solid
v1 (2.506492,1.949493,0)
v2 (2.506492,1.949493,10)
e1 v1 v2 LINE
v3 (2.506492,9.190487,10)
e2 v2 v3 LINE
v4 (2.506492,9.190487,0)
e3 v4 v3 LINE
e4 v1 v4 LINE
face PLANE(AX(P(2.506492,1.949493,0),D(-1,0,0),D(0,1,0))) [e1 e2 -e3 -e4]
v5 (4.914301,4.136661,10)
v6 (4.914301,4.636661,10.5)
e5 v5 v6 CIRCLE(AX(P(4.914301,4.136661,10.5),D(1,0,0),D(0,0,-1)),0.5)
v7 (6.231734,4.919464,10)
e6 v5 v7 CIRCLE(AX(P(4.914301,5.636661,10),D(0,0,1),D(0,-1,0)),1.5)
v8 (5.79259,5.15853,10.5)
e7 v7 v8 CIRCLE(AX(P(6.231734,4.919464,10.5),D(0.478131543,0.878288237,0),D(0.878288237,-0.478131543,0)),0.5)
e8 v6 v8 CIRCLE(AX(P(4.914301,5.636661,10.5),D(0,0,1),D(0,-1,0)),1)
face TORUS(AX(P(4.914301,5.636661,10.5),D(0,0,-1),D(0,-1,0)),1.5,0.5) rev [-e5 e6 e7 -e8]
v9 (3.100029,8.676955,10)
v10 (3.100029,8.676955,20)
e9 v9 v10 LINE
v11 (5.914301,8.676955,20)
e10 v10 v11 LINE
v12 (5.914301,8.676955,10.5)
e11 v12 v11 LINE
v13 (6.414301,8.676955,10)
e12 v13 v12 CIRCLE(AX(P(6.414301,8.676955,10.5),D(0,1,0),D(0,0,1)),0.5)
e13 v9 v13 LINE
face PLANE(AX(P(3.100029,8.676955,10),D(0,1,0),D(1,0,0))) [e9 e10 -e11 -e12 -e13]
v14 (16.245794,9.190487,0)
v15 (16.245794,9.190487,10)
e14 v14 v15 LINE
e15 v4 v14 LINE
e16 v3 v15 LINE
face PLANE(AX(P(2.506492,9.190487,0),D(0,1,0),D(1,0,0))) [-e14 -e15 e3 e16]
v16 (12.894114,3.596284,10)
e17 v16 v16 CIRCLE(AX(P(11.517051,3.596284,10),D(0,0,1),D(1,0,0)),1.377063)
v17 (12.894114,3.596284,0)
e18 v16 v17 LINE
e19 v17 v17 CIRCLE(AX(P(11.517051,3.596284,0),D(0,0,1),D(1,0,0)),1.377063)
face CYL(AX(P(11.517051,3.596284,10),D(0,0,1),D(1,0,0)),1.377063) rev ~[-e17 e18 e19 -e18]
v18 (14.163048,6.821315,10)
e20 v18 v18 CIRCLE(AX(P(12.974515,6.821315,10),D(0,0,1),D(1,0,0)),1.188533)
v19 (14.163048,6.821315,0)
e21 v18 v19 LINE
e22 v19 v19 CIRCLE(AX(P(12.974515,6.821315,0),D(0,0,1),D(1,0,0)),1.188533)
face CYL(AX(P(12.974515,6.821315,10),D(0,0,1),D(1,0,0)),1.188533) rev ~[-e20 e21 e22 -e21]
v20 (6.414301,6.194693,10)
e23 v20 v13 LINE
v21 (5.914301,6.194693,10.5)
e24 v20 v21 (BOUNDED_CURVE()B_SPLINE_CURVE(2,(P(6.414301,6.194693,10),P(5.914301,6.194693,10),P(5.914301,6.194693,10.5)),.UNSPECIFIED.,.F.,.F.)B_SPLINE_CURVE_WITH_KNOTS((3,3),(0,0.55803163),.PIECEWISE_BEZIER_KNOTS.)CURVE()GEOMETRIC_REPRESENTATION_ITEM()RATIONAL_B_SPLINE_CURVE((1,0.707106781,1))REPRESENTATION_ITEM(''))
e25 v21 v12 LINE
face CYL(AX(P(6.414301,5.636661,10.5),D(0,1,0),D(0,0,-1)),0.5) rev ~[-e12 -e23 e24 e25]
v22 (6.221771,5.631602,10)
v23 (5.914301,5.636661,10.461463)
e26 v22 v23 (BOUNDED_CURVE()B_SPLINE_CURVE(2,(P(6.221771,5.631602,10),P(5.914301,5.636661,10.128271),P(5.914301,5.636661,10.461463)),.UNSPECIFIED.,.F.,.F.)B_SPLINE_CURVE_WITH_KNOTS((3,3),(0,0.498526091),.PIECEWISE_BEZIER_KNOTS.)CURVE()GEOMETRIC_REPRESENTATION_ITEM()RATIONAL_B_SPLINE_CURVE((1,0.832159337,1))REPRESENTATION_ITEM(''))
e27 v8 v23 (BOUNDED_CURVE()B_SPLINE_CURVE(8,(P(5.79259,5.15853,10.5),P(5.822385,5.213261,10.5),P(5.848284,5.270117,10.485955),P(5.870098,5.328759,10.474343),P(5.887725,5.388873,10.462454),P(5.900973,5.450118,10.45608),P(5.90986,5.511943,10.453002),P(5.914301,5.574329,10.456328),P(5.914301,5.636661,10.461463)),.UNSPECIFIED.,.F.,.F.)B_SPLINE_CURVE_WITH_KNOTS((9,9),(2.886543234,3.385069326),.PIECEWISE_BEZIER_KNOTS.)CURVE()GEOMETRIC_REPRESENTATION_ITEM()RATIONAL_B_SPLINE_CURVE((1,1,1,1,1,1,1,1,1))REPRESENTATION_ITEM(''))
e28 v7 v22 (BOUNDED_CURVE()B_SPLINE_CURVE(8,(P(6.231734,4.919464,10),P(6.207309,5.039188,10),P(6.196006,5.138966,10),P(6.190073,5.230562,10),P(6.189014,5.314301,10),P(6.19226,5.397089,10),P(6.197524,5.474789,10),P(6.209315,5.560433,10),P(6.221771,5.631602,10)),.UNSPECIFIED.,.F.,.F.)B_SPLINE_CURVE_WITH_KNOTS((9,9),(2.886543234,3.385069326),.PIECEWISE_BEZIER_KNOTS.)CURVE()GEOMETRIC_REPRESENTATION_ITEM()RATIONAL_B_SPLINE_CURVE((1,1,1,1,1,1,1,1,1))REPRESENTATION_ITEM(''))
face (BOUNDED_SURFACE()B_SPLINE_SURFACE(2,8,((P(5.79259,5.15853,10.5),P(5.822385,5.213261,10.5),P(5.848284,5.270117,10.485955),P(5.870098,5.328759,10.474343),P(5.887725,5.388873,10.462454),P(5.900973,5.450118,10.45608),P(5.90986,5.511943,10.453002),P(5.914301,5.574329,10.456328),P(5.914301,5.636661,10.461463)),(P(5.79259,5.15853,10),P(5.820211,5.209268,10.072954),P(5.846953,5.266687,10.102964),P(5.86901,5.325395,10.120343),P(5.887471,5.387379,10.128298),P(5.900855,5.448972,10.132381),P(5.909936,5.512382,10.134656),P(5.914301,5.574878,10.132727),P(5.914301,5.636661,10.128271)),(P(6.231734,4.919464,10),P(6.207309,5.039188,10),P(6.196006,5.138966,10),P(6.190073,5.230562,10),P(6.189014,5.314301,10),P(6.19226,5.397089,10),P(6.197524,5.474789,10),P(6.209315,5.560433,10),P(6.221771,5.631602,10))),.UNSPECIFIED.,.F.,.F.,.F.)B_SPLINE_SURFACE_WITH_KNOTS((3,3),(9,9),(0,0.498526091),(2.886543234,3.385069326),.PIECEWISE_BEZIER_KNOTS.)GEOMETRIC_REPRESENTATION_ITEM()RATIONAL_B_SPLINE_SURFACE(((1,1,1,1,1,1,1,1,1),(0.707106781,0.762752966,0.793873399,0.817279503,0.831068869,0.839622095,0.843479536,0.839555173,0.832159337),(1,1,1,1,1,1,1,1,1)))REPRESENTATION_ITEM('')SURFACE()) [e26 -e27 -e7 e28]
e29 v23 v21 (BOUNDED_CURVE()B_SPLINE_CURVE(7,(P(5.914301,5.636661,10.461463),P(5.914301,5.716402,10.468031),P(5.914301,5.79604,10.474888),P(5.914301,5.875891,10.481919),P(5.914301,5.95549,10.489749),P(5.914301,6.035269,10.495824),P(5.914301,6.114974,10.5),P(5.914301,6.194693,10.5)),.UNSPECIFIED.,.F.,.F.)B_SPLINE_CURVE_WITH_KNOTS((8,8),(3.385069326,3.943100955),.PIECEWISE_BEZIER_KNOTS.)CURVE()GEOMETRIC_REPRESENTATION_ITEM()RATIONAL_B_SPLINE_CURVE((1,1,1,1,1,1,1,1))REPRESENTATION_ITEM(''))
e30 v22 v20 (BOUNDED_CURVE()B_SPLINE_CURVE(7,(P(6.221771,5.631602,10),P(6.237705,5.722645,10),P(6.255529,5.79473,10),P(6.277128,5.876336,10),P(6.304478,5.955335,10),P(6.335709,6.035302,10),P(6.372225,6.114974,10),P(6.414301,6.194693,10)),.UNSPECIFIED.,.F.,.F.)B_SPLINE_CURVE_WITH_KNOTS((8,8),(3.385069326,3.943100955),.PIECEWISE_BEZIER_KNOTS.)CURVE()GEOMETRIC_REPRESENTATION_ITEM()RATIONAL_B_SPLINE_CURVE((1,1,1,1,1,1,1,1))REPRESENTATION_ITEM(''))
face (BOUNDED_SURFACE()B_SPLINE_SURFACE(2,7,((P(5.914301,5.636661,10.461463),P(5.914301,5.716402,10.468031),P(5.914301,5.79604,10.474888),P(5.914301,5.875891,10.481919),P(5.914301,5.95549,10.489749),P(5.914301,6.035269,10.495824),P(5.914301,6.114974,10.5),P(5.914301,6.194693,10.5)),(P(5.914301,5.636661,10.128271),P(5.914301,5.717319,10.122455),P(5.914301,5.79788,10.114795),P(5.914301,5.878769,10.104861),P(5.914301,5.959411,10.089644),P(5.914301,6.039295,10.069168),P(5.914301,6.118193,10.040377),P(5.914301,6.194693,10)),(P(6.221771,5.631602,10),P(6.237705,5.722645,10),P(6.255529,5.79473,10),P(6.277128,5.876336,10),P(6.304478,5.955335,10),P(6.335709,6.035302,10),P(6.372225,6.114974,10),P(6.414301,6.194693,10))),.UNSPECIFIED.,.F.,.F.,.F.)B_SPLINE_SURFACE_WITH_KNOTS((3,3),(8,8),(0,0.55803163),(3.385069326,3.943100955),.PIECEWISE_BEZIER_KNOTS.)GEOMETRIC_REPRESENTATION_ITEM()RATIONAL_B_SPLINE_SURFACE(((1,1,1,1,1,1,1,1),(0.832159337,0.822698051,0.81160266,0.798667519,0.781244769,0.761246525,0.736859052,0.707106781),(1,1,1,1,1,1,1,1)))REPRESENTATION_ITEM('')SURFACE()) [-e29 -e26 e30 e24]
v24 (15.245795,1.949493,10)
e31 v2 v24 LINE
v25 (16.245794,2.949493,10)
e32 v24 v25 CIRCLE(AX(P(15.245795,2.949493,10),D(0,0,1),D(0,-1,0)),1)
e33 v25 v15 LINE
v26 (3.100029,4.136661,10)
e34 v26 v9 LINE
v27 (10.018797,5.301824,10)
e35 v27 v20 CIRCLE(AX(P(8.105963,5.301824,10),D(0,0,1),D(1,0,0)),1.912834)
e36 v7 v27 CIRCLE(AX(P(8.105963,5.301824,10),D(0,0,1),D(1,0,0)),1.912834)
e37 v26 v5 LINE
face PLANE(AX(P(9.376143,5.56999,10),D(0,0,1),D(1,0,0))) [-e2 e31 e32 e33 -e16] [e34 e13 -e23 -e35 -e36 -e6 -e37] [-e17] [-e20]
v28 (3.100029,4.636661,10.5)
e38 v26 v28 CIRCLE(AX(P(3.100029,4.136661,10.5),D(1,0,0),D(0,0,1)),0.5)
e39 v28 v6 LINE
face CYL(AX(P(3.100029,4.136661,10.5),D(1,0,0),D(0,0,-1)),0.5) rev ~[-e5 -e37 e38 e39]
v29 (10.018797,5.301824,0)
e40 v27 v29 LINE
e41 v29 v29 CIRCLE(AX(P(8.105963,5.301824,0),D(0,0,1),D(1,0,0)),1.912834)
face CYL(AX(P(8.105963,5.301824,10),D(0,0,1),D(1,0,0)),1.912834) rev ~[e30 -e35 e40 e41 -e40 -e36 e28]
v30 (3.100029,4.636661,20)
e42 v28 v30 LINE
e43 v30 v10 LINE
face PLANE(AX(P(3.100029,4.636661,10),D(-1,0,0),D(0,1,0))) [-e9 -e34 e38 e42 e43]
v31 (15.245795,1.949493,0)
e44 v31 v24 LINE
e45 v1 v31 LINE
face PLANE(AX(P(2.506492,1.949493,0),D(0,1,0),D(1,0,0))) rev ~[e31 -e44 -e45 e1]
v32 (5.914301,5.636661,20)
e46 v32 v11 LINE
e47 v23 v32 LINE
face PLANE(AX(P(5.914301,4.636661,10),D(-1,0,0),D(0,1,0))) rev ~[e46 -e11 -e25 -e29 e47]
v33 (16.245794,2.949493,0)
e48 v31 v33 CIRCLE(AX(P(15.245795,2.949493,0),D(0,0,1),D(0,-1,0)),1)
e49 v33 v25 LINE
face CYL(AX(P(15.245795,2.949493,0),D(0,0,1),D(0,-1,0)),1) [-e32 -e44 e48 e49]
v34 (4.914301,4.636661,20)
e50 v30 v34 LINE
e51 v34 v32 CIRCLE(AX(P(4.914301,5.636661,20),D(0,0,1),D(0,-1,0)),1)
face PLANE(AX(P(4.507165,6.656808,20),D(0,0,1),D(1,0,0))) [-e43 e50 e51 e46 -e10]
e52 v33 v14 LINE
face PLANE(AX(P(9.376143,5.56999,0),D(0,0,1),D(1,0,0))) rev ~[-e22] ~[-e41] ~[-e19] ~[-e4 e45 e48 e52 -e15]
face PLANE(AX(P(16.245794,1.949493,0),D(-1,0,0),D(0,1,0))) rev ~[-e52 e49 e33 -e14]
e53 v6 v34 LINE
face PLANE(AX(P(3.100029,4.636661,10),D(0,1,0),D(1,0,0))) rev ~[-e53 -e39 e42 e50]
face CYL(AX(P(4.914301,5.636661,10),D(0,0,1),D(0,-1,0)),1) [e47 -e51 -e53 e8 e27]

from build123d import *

# Parameters (mm, degrees)
SKETCH_W        = 13.739303
SKETCH_H        = 7.240993
PAD_DEPTH       = 10
FILLET_R        = 1
SKETCH001_R     = 1.912834
POCKET_DEPTH    = 10.001
SKETCH002_R     = 1.188533
SKETCH002_R_2   = 1.377063
POCKET001_DEPTH = 10.001
SKETCH003_W     = 2.814273
SKETCH003_H     = 4.040293
PAD001_DEPTH    = 10
FILLET001_R     = 1
FILLET002_R     = 0.5


with BuildPart() as part:
    # Sketch → Pad (new body)
    with BuildSketch(Plane.XY):
        with Locations((9.376143, 5.56999)):
            Rectangle(SKETCH_W, SKETCH_H)
    extrude(amount=PAD_DEPTH)

    # Fillet
    fillet_edges = [part.edges().sort_by_distance(p)[0] for p in [
        (16.245794, 1.949493, 5),
    ]]
    fillet(fillet_edges, radius=FILLET_R)

    # Sketch001 → Pocket (cut, through all)
    with BuildSketch(Plane.XY.offset(10)):
        with Locations((8.105963, 5.301824)):
            Circle(SKETCH001_R)
    extrude(amount=-POCKET_DEPTH, mode=Mode.SUBTRACT)

    # Sketch002 → Pocket001 (cut, through all)
    with BuildSketch(Plane.XY.offset(10)):
        with Locations((12.974515, 6.821315)):
            Circle(SKETCH002_R)
        with Locations((11.517051, 3.596284)):
            Circle(SKETCH002_R_2)
    extrude(amount=-POCKET001_DEPTH, mode=Mode.SUBTRACT)

    # Sketch003 → Pad001 (new body)
    with BuildSketch(Plane.XY.offset(10)):
        with Locations((4.507165, 6.656808)):
            Rectangle(SKETCH003_W, SKETCH003_H)
    extrude(amount=PAD001_DEPTH)

    # Fillet001
    fillet001_edges = [part.edges().sort_by_distance(p)[0] for p in [
        (5.914301, 4.636662, 15),
    ]]
    fillet(fillet001_edges, radius=FILLET001_R)

    # Fillet002
    fillet002_edges = [part.edges().sort_by_distance(p)[0] for p in [
        (5.914301, 7.156809, 10),
        (5.621408, 4.929555, 10),
        (4.007165, 4.636662, 10),
    ]]
    fillet(fillet002_edges, radius=FILLET002_R)


solid = part.part
